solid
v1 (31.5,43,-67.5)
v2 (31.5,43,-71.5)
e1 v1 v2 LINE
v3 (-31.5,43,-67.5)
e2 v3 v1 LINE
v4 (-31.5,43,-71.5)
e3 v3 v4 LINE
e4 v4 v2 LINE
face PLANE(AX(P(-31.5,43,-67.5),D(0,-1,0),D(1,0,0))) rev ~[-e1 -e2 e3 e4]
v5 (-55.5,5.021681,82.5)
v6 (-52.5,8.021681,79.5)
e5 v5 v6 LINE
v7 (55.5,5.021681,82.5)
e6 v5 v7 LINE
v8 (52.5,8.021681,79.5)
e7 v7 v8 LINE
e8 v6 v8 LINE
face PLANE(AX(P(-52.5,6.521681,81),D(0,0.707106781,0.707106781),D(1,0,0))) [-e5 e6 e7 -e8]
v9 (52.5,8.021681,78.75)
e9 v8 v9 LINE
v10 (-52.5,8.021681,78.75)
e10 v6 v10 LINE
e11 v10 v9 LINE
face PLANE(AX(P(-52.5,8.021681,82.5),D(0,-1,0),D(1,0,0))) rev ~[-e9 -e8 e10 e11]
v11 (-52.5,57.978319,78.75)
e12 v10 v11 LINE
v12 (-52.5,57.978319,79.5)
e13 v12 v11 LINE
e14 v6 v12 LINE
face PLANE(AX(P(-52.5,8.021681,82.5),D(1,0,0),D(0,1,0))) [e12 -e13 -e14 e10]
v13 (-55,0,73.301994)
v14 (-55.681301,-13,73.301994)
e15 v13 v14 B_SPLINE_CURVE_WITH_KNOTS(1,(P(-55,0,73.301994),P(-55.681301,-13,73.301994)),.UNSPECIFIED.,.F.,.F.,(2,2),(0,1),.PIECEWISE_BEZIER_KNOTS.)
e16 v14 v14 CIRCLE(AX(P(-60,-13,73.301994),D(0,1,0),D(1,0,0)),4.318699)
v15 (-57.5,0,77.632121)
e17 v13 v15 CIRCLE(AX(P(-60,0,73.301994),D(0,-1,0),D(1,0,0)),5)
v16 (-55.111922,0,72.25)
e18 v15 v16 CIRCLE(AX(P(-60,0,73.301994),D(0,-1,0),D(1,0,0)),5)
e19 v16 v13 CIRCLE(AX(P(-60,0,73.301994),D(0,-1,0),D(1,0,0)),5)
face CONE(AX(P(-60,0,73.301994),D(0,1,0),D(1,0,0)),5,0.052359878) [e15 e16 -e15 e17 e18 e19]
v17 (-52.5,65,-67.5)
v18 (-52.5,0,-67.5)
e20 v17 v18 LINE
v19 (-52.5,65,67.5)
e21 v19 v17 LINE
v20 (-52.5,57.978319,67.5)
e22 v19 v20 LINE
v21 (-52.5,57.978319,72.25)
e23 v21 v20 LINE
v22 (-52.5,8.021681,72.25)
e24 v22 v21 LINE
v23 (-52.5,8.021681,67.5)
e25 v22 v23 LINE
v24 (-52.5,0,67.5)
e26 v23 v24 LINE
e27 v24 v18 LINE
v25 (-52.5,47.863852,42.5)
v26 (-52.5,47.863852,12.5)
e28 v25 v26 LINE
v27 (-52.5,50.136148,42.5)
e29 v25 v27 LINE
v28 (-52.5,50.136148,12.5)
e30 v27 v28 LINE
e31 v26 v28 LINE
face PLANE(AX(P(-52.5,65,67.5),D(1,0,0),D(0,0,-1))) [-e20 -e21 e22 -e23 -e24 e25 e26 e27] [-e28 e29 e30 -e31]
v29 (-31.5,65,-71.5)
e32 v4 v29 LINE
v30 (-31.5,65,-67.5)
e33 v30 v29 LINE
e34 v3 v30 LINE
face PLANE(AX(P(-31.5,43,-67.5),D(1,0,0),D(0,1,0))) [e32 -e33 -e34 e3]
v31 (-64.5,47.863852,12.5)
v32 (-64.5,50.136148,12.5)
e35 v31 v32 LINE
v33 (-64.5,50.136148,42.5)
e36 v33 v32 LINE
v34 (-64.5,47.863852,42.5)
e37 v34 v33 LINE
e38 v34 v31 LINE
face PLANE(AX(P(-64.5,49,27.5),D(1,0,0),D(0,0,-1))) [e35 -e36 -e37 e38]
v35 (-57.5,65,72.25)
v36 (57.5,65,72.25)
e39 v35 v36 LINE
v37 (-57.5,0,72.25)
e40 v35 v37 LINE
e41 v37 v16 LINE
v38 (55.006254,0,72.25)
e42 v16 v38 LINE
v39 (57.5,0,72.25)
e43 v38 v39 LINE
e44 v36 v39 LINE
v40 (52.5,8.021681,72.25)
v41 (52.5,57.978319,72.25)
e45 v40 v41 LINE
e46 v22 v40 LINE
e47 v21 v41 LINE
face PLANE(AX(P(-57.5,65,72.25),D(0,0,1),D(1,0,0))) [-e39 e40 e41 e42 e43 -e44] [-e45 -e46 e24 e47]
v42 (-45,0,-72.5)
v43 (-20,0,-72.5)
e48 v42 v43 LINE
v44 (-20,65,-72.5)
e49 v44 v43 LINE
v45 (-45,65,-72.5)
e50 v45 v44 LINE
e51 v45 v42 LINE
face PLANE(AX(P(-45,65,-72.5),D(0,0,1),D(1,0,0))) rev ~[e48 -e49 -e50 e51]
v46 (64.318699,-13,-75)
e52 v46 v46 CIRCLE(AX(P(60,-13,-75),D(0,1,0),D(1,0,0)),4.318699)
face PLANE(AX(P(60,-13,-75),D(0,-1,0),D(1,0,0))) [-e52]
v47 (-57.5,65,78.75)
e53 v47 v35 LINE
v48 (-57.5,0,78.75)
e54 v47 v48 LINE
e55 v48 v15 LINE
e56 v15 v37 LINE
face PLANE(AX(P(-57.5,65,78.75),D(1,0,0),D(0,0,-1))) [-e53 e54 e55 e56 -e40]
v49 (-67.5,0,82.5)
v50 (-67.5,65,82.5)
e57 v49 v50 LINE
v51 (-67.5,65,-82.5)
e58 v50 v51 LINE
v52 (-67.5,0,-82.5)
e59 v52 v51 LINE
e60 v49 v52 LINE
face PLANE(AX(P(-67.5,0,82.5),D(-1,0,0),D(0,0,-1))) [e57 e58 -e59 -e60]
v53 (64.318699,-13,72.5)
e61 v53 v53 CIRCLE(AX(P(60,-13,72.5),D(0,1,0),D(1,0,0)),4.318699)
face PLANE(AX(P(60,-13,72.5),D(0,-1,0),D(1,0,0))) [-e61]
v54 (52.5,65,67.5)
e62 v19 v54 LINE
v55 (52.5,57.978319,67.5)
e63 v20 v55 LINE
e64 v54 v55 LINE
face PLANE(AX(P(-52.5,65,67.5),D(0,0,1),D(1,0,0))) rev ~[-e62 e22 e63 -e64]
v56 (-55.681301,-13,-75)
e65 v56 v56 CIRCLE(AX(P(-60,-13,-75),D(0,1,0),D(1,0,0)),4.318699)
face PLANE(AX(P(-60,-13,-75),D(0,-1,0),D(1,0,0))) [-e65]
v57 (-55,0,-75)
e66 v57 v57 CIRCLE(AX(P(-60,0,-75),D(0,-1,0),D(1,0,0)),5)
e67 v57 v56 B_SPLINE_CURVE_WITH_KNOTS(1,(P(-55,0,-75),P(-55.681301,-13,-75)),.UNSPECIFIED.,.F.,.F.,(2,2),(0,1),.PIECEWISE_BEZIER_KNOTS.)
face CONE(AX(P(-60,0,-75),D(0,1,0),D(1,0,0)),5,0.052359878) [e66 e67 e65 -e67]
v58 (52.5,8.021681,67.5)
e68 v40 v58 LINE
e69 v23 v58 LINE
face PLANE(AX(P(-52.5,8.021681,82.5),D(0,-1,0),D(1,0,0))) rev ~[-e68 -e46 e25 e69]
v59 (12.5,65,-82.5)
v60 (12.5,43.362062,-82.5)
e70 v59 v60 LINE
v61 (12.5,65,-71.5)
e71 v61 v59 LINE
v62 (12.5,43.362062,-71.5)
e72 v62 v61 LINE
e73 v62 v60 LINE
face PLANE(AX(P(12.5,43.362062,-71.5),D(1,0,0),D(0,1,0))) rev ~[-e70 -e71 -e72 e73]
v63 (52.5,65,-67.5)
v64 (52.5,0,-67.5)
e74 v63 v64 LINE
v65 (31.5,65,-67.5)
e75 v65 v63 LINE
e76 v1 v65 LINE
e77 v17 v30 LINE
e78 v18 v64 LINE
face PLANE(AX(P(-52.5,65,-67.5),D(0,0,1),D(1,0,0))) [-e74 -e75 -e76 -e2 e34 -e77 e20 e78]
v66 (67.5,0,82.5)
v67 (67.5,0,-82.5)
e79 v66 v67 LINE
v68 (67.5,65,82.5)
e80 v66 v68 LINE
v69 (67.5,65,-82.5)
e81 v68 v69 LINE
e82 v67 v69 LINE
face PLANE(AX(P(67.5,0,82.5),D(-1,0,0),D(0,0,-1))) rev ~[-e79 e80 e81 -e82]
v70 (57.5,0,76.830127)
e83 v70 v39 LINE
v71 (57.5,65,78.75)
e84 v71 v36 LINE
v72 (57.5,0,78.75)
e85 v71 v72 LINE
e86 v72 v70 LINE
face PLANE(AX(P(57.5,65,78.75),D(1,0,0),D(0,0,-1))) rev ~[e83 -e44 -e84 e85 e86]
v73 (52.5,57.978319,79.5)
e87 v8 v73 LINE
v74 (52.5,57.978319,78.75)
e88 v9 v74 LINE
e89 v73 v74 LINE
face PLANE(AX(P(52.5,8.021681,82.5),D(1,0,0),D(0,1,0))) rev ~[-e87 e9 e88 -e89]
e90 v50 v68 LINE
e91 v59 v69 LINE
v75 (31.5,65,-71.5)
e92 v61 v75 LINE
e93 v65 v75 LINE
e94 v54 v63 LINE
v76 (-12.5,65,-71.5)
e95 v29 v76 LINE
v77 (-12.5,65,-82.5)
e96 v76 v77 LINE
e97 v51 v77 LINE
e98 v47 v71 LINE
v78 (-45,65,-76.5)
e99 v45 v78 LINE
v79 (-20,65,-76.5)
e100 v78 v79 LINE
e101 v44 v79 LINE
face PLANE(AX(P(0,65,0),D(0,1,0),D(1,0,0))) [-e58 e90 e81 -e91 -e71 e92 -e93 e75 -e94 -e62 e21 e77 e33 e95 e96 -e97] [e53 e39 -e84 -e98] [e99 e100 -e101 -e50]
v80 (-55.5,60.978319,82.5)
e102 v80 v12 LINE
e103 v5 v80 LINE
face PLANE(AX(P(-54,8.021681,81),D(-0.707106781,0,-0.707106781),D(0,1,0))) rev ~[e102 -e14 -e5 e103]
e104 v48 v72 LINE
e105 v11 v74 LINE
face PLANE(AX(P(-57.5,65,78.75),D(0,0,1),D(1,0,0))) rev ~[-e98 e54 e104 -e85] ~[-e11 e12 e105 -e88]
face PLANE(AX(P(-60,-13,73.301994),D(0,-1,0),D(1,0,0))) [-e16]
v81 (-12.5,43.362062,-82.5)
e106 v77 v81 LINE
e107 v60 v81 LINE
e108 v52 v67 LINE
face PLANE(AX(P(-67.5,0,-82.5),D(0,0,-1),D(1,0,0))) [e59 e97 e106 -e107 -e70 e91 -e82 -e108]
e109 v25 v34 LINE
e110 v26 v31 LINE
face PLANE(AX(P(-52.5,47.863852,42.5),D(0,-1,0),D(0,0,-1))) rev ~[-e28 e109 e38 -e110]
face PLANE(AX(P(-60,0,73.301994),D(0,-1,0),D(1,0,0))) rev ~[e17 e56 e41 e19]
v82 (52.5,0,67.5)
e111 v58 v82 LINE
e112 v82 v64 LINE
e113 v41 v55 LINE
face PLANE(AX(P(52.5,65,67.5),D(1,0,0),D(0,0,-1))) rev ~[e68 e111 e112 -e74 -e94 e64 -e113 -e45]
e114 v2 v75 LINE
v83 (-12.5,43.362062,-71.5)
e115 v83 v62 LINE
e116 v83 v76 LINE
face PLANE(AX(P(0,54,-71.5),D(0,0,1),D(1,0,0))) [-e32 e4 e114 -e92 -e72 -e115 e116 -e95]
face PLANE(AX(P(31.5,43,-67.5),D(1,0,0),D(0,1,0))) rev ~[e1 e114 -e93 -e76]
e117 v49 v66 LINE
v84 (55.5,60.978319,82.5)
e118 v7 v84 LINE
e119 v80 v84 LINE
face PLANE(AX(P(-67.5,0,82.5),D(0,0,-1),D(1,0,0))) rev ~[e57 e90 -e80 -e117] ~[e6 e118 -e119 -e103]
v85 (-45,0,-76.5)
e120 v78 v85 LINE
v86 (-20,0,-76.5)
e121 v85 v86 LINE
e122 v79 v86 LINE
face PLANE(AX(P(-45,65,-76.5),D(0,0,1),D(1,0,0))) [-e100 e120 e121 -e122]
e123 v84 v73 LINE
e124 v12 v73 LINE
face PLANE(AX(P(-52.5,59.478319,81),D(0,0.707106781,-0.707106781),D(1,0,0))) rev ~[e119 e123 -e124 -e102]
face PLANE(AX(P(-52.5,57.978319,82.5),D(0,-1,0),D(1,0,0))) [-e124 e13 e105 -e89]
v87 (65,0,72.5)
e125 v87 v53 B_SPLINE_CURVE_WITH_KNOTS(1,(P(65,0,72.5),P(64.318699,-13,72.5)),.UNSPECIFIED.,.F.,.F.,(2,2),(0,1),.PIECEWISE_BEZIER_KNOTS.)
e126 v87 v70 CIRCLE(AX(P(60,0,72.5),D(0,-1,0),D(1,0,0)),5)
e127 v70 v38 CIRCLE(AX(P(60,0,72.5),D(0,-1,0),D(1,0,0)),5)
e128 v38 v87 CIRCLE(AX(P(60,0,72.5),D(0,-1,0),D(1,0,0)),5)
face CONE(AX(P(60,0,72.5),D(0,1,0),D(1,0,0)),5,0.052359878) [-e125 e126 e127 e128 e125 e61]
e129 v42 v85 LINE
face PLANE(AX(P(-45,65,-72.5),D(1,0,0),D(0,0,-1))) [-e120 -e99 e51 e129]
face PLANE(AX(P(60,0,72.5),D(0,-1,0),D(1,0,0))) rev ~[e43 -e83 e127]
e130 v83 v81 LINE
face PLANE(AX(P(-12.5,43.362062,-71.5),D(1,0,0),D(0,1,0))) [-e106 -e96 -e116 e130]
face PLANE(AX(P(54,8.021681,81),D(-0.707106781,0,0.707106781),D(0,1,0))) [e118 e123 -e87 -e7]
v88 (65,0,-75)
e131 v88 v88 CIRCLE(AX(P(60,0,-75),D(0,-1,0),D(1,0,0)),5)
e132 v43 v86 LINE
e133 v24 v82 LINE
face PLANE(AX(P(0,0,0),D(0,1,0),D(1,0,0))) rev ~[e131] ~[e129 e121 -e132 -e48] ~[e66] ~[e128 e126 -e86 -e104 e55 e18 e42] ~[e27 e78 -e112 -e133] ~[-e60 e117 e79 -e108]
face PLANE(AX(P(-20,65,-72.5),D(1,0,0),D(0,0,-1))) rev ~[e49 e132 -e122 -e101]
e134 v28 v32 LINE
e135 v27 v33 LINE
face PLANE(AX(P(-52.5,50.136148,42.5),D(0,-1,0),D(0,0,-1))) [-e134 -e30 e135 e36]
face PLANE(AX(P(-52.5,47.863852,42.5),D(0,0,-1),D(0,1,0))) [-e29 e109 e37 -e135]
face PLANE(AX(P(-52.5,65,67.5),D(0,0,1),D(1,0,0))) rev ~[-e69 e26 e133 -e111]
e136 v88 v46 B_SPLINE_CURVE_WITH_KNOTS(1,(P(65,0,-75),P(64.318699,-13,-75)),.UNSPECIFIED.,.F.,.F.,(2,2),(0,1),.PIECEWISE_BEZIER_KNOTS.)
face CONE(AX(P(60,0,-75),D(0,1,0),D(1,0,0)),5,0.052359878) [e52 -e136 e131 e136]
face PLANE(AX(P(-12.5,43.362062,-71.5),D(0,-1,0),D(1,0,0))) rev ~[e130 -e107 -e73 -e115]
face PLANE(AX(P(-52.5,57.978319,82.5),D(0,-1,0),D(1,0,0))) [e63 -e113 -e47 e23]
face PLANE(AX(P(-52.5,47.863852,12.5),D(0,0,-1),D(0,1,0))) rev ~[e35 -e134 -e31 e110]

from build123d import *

# Parameters (mm, degrees)
SKETCH1_W           = 135
SKETCH1_H           = 165
BOSS_EXTRUDE1_DEPTH = 65
SKETCH2_W           = 105
SKETCH2_H           = 135
CUT_EXTRUDE1_DEPTH  = 66
SKETCH3_W           = 30
SKETCH3_H           = 2.27229553
CUT_EXTRUDE2_DEPTH  = 12
SKETCH4_W           = 25
SKETCH4_H           = 4
CUT_EXTRUDE3_DEPTH  = 66
SKETCH5_W           = 115
SKETCH5_H           = 6.5
CUT_EXTRUDE4_DEPTH  = 66
SKETCH7_R           = 5
BOSS_EXTRUDE2_DEPTH = 13
BOSS_EXTRUDE2_TAPER = 3
SKETCH8_R           = 5
BOSS_EXTRUDE3_DEPTH = 13
BOSS_EXTRUDE3_TAPER = 3
SKETCH9_R           = 5
BOSS_EXTRUDE4_DEPTH = 13
BOSS_EXTRUDE4_TAPER = 3
SKETCH10_W          = 105
SKETCH10_H          = 49.956638738
CUT_EXTRUDE5_DEPTH  = 15
CHAMFER3_SIZE       = 3
SKETCH14_W          = 63
SKETCH14_H          = 22
CUT_EXTRUDE6_DEPTH  = 4
SKETCH15_W          = 25
SKETCH15_H          = 25
CUT_EXTRUDE7_DEPTH  = 13


with BuildPart() as part:
    # Sketch1 → Boss-Extrude1 (new body)
    with BuildSketch(Plane(origin=(0, 0, 0), x_dir=(1, 0, 0), z_dir=(0, 1, 0))):
        Rectangle(SKETCH1_W, SKETCH1_H)
    extrude(amount=BOSS_EXTRUDE1_DEPTH)

    # Sketch2 → Cut-Extrude1 (cut, through all)
    with BuildSketch(Plane(origin=(0, 65, 0), x_dir=(1, 0, 0), z_dir=(0, 1, 0))):
        Rectangle(SKETCH2_W, SKETCH2_H)
    extrude(amount=-CUT_EXTRUDE1_DEPTH, mode=Mode.SUBTRACT)

    # Sketch3 → Cut-Extrude2 (cut)
    with BuildSketch(Plane(origin=(-52.5, 0, 0), x_dir=(0, 0, -1), z_dir=(1, 0, 0))):
        with Locations((-27.5, 49)):
            Rectangle(SKETCH3_W, SKETCH3_H)
    extrude(amount=-CUT_EXTRUDE2_DEPTH, mode=Mode.SUBTRACT)

    # Sketch4 → Cut-Extrude3 (cut, through all)
    with BuildSketch(Plane(origin=(0, 65, 0), x_dir=(1, 0, 0), z_dir=(0, 1, 0))):
        with Locations((-32.5, 74.5)):
            Rectangle(SKETCH4_W, SKETCH4_H)
    extrude(amount=-CUT_EXTRUDE3_DEPTH, mode=Mode.SUBTRACT)

    # Sketch5 → Cut-Extrude4 (cut, through all)
    with BuildSketch(Plane(origin=(0, 65, 0), x_dir=(1, 0, 0), z_dir=(0, 1, 0))):
        with Locations((0, -75.5)):
            Rectangle(SKETCH5_W, SKETCH5_H)
    extrude(amount=-CUT_EXTRUDE4_DEPTH, mode=Mode.SUBTRACT)

    # Sketch7 → Boss-Extrude2 (add)
    with BuildSketch(Plane.XZ):
        with Locations((-60, -75)):
            Circle(SKETCH7_R)
    extrude(amount=BOSS_EXTRUDE2_DEPTH, taper=BOSS_EXTRUDE2_TAPER)

    # Sketch8 → Boss-Extrude3 (add)
    with BuildSketch(Plane.XZ):
        with Locations((60, -75)):
            Circle(SKETCH8_R)
    extrude(amount=BOSS_EXTRUDE3_DEPTH, taper=BOSS_EXTRUDE3_TAPER)

    # Sketch9 → Boss-Extrude4 (add)
    with BuildSketch(Plane.XZ):
        with Locations((60, 72.5)):
            Circle(SKETCH9_R)
        with Locations((-60, 73.301994408)):
            Circle(SKETCH9_R)
    extrude(amount=BOSS_EXTRUDE4_DEPTH, taper=BOSS_EXTRUDE4_TAPER)

    # Sketch10 → Cut-Extrude5 (cut)
    with BuildSketch(Plane.XY.offset(82.5)):
        with Locations((0, 33)):
            Rectangle(SKETCH10_W, SKETCH10_H)
    extrude(amount=-CUT_EXTRUDE5_DEPTH, mode=Mode.SUBTRACT)

    # Chamfer3
    chamfer3_edges = [part.edges().sort_by_distance(p)[0] for p in [
        (52.5, 33, 82.5),
        (0, 57.978319369, 82.5),
        (-52.5, 33, 82.5),
        (0, 8.021680631, 82.5),
    ]]
    chamfer(chamfer3_edges, length=CHAMFER3_SIZE)

    # Sketch14 → Cut-Extrude6 (cut)
    with BuildSketch(Plane.XY.offset(-67.5)):
        with Locations((0, 54)):
            Rectangle(SKETCH14_W, SKETCH14_H)
    extrude(amount=-CUT_EXTRUDE6_DEPTH, mode=Mode.SUBTRACT)

    # Sketch15 → Cut-Extrude7 (cut)
    with BuildSketch(Plane.XY.offset(-71.5)):
        with Locations((0, 55.862062237)):
            Rectangle(SKETCH15_W, SKETCH15_H)
    extrude(amount=-CUT_EXTRUDE7_DEPTH, mode=Mode.SUBTRACT)


solid = part.part
